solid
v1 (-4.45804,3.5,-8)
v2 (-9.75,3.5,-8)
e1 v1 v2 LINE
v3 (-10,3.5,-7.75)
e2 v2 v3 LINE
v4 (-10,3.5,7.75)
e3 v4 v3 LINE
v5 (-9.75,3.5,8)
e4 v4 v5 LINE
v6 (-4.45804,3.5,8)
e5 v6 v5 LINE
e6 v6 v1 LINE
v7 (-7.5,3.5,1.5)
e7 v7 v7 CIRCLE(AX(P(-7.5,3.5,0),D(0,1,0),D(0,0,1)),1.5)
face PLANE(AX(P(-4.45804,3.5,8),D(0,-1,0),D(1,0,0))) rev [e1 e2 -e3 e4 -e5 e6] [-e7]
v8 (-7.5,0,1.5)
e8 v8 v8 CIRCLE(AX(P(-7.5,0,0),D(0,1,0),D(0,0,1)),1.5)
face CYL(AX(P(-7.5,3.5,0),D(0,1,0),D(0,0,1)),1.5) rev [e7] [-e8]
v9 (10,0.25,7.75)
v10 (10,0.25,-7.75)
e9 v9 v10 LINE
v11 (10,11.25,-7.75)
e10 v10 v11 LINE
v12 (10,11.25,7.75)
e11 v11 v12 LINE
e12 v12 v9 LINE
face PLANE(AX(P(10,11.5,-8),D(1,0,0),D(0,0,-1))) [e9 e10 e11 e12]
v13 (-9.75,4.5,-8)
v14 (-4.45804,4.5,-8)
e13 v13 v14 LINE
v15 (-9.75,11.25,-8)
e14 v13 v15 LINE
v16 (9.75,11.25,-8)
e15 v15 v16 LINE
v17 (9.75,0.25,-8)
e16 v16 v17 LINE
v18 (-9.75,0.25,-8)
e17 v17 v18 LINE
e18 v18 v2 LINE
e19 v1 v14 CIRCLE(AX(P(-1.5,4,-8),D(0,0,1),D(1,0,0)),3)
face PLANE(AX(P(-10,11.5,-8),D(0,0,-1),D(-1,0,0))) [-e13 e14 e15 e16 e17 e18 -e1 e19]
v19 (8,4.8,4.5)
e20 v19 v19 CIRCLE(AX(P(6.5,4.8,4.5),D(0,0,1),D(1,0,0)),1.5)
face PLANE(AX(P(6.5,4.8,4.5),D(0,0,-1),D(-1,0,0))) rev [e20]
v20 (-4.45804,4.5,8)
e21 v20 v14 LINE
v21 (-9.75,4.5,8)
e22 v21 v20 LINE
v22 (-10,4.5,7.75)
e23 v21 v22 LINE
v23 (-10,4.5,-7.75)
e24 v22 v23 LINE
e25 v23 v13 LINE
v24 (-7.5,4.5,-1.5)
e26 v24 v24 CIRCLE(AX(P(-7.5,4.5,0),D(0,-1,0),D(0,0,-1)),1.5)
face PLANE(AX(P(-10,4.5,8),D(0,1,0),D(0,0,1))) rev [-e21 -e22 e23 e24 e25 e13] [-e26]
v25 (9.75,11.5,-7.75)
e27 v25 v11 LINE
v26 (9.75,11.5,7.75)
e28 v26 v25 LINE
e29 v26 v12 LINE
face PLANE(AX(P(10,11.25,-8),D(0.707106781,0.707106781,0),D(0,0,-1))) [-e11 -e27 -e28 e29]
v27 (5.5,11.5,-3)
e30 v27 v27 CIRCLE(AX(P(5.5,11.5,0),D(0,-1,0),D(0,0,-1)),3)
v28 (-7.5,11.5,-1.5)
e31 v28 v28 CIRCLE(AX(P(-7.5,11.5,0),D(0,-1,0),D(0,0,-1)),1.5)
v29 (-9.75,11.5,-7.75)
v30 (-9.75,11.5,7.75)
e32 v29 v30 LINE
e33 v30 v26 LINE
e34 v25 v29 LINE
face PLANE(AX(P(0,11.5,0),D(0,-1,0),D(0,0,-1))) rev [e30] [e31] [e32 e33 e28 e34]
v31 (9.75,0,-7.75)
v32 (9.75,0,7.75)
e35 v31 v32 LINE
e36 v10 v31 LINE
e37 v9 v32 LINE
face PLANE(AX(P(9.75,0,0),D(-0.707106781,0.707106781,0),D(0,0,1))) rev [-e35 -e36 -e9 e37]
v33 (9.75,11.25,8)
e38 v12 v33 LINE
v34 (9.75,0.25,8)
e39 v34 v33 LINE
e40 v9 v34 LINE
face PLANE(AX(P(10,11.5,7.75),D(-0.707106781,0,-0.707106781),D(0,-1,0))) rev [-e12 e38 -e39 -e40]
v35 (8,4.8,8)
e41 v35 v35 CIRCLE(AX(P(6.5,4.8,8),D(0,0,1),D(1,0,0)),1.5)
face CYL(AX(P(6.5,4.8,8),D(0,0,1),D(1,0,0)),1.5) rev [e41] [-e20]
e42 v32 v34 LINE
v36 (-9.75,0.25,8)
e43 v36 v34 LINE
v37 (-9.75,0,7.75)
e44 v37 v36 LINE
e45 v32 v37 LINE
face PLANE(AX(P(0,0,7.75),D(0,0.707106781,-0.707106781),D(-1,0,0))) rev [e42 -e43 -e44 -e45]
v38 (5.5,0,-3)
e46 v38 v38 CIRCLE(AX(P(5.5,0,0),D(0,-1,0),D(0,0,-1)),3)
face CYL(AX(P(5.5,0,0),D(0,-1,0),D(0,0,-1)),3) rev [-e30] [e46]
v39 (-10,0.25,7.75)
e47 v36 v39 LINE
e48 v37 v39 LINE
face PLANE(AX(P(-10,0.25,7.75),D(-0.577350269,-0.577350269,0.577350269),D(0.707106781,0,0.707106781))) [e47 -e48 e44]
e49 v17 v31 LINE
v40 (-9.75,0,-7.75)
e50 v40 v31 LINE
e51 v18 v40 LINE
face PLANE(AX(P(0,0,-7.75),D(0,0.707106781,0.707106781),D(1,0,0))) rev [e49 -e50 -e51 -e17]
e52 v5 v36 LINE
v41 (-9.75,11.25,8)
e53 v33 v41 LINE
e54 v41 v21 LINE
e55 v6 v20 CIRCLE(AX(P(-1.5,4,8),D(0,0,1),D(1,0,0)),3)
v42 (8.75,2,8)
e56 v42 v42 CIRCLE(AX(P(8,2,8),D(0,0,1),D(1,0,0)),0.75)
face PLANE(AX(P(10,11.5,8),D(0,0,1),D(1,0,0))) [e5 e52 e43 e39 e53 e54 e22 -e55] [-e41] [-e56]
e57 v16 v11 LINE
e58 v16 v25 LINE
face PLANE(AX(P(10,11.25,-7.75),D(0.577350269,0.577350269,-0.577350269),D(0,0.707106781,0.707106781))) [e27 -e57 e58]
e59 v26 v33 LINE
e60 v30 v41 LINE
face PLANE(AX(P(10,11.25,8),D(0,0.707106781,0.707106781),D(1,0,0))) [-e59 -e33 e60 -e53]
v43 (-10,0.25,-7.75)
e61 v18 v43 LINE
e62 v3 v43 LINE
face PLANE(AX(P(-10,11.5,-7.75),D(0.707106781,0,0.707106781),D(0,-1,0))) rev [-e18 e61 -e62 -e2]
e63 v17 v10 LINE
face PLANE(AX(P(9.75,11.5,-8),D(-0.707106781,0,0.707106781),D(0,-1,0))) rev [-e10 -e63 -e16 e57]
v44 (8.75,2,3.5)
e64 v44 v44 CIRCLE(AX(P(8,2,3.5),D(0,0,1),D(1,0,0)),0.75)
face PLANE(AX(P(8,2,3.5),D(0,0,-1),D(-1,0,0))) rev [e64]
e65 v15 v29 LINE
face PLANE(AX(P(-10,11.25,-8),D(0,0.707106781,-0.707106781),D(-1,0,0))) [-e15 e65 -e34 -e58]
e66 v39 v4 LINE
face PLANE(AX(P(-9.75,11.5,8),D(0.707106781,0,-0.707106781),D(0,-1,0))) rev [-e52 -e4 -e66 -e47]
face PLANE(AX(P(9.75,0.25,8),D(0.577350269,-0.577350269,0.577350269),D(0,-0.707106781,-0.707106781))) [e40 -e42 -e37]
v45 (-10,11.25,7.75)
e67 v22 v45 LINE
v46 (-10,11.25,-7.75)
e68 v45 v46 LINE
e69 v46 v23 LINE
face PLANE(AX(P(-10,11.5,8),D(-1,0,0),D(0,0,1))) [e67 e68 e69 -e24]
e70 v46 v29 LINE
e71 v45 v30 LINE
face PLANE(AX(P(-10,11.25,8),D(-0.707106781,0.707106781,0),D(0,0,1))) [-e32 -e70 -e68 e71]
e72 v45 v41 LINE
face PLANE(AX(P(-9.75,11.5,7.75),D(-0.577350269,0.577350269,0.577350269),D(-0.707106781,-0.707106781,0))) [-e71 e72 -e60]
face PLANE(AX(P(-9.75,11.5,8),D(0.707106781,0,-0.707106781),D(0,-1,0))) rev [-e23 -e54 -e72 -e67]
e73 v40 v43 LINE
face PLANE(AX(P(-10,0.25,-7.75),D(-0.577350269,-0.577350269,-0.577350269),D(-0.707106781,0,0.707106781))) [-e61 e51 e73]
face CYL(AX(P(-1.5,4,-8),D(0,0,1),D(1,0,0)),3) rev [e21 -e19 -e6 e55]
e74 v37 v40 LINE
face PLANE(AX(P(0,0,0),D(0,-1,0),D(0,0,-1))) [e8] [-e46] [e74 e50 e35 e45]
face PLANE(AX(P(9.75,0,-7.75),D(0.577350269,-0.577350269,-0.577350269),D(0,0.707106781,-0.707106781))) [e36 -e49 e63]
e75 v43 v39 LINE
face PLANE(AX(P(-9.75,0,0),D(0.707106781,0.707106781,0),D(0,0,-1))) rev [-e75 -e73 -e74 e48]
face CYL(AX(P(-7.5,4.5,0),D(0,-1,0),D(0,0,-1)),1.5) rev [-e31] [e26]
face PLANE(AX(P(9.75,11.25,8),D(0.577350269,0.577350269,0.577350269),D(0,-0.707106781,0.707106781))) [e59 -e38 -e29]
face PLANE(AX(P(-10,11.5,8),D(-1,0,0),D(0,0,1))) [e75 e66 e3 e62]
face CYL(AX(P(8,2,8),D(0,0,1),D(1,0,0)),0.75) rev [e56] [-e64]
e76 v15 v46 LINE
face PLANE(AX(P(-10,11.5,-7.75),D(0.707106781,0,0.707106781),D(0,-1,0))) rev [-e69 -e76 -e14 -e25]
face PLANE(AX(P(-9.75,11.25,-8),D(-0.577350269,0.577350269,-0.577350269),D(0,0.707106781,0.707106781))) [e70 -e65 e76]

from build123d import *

# Parameters (mm, degrees)
SKETCH1_W                      = 20
SKETCH1_H                      = 16
BOSS_EXTRUDE1_DEPTH            = 11.5
CUT_EXTRUDE1_DEPTH             = 17
SKETCH3_W                      = 3
SKETCH3_H                      = 16
SKETCH4_W                      = 1.5
SKETCH4_H                      = 7
F_6_0_6_DIAMETER_HOLE1_D       = 6
F_6_0_6_DIAMETER_HOLE1_DEPTH   = 11.5
F_3_0_3_DIAMETER_HOLE2_D       = 3
F_3_0_3_DIAMETER_HOLE2_DEPTH   = 3.5
F_3_0_3_DIAMETER_HOLE3_D       = 3
F_3_0_3_DIAMETER_HOLE3_DEPTH   = 3.5
F_1_5_1_5_DIAMETER_HOLE1_D     = 1.5
F_1_5_1_5_DIAMETER_HOLE1_DEPTH = 4.5
CHAMFER1_SIZE                  = 0.25


with BuildPart() as part:
    # Sketch1 → Boss-Extrude1 (new body)
    with BuildSketch(Plane.XZ):
        Rectangle(SKETCH1_W, SKETCH1_H)
    extrude(amount=-BOSS_EXTRUDE1_DEPTH)

    # Sketch2 → Cut-Extrude1 (cut, through all)
    with BuildSketch(Plane(origin=(0, 0, -8), x_dir=(-1, 0, 0), z_dir=(0, 0, -1))):
        with BuildLine():
            Line((10, 3.5), (10, 4.5))
            Line((10, 4.5), (4.458039892, 4.5))
            ThreePointArc((4.458039892, 4.5), (4.5, 4), (4.458039892, 3.5))
            Line((4.458039892, 3.5), (10, 3.5))
        make_face()
    extrude(amount=-CUT_EXTRUDE1_DEPTH, mode=Mode.SUBTRACT)

    # Sketch3 → Cut-Revolve1 (revolve, cut)
    with BuildSketch(Plane(origin=(0, 4, 0), x_dir=(1, 0, 0), z_dir=(0, 1, 0))):
        Rectangle(SKETCH3_W, SKETCH3_H)
    revolve(axis=Axis((-1.5, 4, -8), (0, 0, 1)), mode=Mode.SUBTRACT)

    # Sketch4 → Ø3.0 (3) Diameter Hole1 (revolve, cut)
    with BuildSketch(Plane(origin=(-7.5, 4.5, 0), x_dir=(0, 0, -1), z_dir=(1, 0, 0))):
        with Locations((0.75, 3.5)):
            Rectangle(SKETCH4_W, SKETCH4_H)
    revolve(axis=Axis((-7.5, -1.85, 0), (0, 1, 0)), mode=Mode.SUBTRACT)

    # Ø6.0 (6) Diameter Hole1
    with Locations(Plane(origin=(0, 0, 0), x_dir=(-1, 0, 0), z_dir=(0, -1, 0))):
        with Locations((-5.5, 0)):
            Hole(F_6_0_6_DIAMETER_HOLE1_D / 2, depth=F_6_0_6_DIAMETER_HOLE1_DEPTH)

    # Ø3.0 (3) Diameter Hole2
    with Locations(Plane(origin=(0, 3.5, 0), x_dir=(1, 0, 0), z_dir=(0, 1, 0))):
        with Locations((-7.5, 0)):
            Hole(F_3_0_3_DIAMETER_HOLE2_D / 2, depth=F_3_0_3_DIAMETER_HOLE2_DEPTH)

    # Ø3.0 (3) Diameter Hole3
    with Locations(Plane.XY.offset(8)):
        with Locations((6.5, 4.8)):
            Hole(F_3_0_3_DIAMETER_HOLE3_D / 2, depth=F_3_0_3_DIAMETER_HOLE3_DEPTH)

    # Ø1.5 (1.5) Diameter Hole1
    with Locations(Plane.XY.offset(8)):
        with Locations((8, 2)):
            Hole(F_1_5_1_5_DIAMETER_HOLE1_D / 2, depth=F_1_5_1_5_DIAMETER_HOLE1_DEPTH)

    # Chamfer1
    chamfer1_edges = [part.edges().sort_by_distance(p)[0] for p in [
        (0, 11.5, 8),
        (-10, 11.5, 0),
        (-10, 1.75, 8),
        (-10, 1.75, -8),
        (0, 11.5, -8),
        (-10, 0, 0),
        (0, 0, 8),
        (10, 0, 0),
        (0, 0, -8),
        (10, 11.5, 0),
        (-10, 8, -8),
        (-10, 8, 8),
        (10, 5.75, 8),
        (10, 5.75, -8),
    ]]
    chamfer(chamfer1_edges, length=CHAMFER1_SIZE)


solid = part.part
